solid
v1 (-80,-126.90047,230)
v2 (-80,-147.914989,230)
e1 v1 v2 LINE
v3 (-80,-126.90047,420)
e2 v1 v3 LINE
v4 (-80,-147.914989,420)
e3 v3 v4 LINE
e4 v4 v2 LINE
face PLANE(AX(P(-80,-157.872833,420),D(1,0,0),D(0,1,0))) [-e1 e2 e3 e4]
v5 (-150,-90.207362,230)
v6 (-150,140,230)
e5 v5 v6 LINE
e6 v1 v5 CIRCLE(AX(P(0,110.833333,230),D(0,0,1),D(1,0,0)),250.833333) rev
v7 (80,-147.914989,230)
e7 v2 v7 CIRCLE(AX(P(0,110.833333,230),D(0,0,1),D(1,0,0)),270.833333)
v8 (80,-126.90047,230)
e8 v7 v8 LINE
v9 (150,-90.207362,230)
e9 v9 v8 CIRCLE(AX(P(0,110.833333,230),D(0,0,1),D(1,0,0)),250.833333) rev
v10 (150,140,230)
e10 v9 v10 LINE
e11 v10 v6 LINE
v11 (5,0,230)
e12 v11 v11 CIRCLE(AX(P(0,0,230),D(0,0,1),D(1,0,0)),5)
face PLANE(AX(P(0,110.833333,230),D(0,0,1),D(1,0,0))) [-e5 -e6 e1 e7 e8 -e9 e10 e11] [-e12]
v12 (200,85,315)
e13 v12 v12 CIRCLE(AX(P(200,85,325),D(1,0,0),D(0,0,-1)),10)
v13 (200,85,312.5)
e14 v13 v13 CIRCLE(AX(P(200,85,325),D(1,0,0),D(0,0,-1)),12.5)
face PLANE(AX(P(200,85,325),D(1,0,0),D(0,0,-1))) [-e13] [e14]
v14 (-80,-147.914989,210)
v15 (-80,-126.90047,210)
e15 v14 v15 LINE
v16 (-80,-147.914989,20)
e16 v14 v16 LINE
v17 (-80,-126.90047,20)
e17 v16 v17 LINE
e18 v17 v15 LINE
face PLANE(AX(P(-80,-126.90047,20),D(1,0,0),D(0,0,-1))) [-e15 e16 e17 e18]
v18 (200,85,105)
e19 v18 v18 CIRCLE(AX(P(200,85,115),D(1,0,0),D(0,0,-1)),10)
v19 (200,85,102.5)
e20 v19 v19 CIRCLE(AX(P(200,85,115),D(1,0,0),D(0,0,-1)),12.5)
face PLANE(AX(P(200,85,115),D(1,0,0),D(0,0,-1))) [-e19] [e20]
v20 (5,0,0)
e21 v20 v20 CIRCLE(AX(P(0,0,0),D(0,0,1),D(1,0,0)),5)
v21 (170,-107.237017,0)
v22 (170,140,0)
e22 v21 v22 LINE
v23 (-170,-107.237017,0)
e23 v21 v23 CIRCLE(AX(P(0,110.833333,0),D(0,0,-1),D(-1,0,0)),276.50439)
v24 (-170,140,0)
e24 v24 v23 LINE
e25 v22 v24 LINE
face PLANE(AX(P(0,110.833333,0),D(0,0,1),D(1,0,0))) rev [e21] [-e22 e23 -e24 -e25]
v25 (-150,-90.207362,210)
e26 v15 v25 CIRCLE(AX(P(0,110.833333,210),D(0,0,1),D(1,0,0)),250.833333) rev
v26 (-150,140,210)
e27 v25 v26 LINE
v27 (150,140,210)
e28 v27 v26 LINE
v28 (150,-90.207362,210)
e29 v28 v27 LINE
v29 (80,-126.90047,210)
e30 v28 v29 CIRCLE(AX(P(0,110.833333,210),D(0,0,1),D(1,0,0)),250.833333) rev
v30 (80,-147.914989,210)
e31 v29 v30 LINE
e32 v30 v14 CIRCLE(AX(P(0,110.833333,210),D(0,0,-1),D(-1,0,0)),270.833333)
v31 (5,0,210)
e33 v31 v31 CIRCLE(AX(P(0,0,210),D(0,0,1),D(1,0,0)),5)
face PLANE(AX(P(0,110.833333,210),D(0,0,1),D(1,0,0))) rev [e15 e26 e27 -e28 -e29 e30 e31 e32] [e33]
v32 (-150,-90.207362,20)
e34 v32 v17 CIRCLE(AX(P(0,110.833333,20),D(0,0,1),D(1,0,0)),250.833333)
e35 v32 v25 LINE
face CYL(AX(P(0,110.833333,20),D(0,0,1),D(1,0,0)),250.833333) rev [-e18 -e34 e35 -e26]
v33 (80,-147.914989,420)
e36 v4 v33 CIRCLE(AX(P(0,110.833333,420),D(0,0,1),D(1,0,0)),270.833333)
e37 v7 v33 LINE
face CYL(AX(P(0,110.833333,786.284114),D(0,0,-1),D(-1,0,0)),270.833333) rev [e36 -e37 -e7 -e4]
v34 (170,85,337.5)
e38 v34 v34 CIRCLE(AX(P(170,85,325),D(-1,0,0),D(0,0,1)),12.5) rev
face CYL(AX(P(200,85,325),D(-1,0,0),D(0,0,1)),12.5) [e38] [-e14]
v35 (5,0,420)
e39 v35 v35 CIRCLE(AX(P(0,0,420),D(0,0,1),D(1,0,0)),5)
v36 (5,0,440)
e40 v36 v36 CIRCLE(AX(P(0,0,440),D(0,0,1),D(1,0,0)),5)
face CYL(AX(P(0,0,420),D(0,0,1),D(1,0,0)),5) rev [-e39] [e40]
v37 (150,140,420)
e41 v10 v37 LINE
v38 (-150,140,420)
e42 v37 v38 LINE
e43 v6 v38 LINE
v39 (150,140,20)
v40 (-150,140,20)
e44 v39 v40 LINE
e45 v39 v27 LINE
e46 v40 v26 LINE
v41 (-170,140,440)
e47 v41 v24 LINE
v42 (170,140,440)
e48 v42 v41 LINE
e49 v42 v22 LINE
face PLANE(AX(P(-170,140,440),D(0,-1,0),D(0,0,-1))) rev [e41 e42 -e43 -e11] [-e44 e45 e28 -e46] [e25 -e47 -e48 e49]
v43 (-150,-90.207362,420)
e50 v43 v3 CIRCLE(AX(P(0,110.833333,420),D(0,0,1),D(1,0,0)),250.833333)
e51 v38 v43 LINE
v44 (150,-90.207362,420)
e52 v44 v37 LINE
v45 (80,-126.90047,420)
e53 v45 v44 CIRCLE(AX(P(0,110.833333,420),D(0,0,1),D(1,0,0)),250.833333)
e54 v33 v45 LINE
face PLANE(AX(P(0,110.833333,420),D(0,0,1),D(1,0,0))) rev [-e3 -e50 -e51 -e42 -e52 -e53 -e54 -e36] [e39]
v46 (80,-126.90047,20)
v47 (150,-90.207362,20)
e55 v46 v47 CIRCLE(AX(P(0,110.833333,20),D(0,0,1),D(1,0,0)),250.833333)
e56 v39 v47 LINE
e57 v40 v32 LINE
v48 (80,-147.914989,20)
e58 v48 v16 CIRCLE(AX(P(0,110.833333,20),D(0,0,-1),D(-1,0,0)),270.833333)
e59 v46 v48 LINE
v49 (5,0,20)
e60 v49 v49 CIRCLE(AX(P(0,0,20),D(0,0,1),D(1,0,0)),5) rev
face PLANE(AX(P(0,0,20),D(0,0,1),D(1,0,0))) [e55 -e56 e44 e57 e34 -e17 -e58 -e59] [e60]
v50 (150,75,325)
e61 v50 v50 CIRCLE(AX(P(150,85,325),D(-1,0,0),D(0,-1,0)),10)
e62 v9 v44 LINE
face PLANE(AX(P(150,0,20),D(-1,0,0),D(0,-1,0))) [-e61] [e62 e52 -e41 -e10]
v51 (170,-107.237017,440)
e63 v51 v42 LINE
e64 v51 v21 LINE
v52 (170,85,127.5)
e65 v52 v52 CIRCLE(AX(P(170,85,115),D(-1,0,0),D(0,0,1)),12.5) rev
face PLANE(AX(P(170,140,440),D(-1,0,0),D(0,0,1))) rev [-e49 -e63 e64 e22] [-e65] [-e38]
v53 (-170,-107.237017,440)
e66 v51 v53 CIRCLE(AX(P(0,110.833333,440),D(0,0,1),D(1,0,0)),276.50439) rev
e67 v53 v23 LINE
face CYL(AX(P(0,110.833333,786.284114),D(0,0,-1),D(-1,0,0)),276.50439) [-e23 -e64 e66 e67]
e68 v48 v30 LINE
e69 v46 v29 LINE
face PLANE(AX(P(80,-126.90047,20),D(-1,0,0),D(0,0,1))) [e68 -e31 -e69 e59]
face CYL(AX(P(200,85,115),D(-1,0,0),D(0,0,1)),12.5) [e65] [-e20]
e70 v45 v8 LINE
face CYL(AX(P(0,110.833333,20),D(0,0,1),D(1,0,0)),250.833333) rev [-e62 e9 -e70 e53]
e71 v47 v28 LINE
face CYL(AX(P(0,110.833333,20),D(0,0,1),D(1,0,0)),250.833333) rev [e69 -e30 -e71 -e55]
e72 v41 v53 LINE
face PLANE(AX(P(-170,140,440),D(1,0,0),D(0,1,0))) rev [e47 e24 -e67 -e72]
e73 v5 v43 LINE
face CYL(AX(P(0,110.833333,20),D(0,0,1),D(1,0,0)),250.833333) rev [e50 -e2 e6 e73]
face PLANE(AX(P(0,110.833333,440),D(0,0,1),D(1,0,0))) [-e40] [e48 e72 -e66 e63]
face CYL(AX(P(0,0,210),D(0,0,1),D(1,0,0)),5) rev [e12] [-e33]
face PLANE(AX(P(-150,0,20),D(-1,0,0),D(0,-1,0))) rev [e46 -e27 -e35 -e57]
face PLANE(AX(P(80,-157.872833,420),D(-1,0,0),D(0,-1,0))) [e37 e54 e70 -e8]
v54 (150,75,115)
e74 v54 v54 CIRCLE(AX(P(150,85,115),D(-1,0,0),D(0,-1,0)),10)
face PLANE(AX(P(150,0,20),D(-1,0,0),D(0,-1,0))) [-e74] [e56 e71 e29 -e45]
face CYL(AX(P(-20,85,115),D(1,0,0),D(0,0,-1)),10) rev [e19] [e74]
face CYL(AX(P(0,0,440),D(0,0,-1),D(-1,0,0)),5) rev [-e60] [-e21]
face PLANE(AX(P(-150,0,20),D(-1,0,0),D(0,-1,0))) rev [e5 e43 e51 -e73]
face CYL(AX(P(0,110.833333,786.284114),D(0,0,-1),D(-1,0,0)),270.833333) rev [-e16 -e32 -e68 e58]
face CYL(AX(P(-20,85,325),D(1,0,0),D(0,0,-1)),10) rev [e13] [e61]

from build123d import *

# Parameters (mm, degrees)
SKETCH1_R           = 5
BOSS_EXTRUDE1_DEPTH = 440
CUT_EXTRUDE2_START  = -420
SKETCH2_R           = 5
CUT_EXTRUDE2_DEPTH  = 420
BOSS_EXTRUDE2_START = -20
SKETCH3_R           = 5
BOSS_EXTRUDE2_DEPTH = 20
BOSS_EXTRUDE3_START = -20
SKETCH4_R           = 5
BOSS_EXTRUDE3_DEPTH = 20
CUT_EXTRUDE3_DEPTH  = 190
CUT_EXTRUDE4_START  = 190
CUT_EXTRUDE4_DEPTH  = 190
SKETCH8_R           = 10
CUT_EXTRUDE5_DEPTH  = 190
BOSS_EXTRUDE4_START = 30
SKETCH9_R           = 12.5
SKETCH9_R_2         = 10
BOSS_EXTRUDE4_DEPTH = 30
BOSS_EXTRUDE5_DEPTH = 440


with BuildPart() as part:
    # Sketch1 → Boss-Extrude1 (new body)
    with BuildSketch(Plane.XY):
        with BuildLine():
            Line((-170, 140), (170, 140))
            Line((170, 140), (170, -100))
            ThreePointArc((170, -100), (0, -160), (-170, -100))
            Line((-170, -100), (-170, 140))
        make_face()
        Circle(SKETCH1_R, mode=Mode.SUBTRACT)
    extrude(amount=BOSS_EXTRUDE1_DEPTH)

    # Sketch2 → Cut-Extrude2 (cut)
    with BuildSketch(Plane.XY.offset(440).offset(CUT_EXTRUDE2_START)):
        with BuildLine():
            Line((150, 140), (-150, 140))
            Line((-150, 140), (-150, -90.207361828))
            ThreePointArc((-150, -90.207361828), (0, -140), (150, -90.207361828))
            Line((150, -90.207361828), (150, 140))
        make_face()
        Circle(SKETCH2_R, mode=Mode.SUBTRACT)
    extrude(amount=CUT_EXTRUDE2_DEPTH, mode=Mode.SUBTRACT)

    # Sketch3 → Boss-Extrude2 (add)
    with BuildSketch(Plane.XY.offset(440).offset(BOSS_EXTRUDE2_START)):
        with BuildLine():
            Line((-150, 140), (-150, -90.207361828))
            ThreePointArc((-150, -90.207361828), (0, -140), (150, -90.207361828))
            Line((150, -90.207361828), (150, 140))
            Line((150, 140), (-150, 140))
        make_face()
        Circle(SKETCH3_R, mode=Mode.SUBTRACT)
    extrude(amount=BOSS_EXTRUDE2_DEPTH)

    # Sketch4 → Boss-Extrude3 (add)
    with BuildSketch(Plane.XY.offset(230).offset(BOSS_EXTRUDE3_START)):
        with BuildLine():
            Line((-170, 140), (-170, -100))
            ThreePointArc((-170, -100), (0, -160), (170, -100))
            Line((170, -100), (170, 140))
            Line((170, 140), (-170, 140))
        make_face()
        Circle(SKETCH4_R, mode=Mode.SUBTRACT)
    extrude(amount=BOSS_EXTRUDE3_DEPTH)

    # Sketch6 → Cut-Extrude3 (cut)
    with BuildSketch(Plane.XY.offset(230)):
        with BuildLine():
            Line((-80, -157.872832651), (-80, -126.403399298))
            ThreePointArc((-80, -126.403399298), (0, -139.528938804), (80, -126.403399298))
            Line((80, -126.403399298), (80, -157.872832651))
            ThreePointArc((80, -157.872832651), (0, -169.528938804), (-80, -157.872832651))
        make_face()
    extrude(amount=CUT_EXTRUDE3_DEPTH, mode=Mode.SUBTRACT)

    # Sketch7 → Cut-Extrude4 (cut)
    with BuildSketch(Plane(origin=(0, 0, 210), x_dir=(-1, 0, 0), z_dir=(0, 0, -1)).offset(CUT_EXTRUDE4_START)):
        with BuildLine():
            Line((-80, -126.900469714), (-80, -160.673360289))
            ThreePointArc((-80, -160.673360289), (0, -172.214162118), (80, -160.673360289))
            Line((80, -160.673360289), (80, -126.900469714))
            ThreePointArc((80, -126.900469714), (0, -140), (-80, -126.900469714))
        make_face()
    extrude(amount=-CUT_EXTRUDE4_DEPTH, mode=Mode.SUBTRACT)

    # Sketch8 → Cut-Extrude5 (cut)
    with BuildSketch(Plane(origin=(170, 0, 0), x_dir=(0, 0, -1), z_dir=(1, 0, 0))):
        with Locations((-325, 85)):
            Circle(SKETCH8_R)
        with Locations((-115, 85)):
            Circle(SKETCH8_R)
    extrude(amount=-CUT_EXTRUDE5_DEPTH, mode=Mode.SUBTRACT)

    # Sketch9 → Boss-Extrude4 (add)
    # profile 1 of 2: a face of its own
    with BuildSketch(Plane(origin=(170, 0, 0), x_dir=(0, 0, -1), z_dir=(1, 0, 0)).offset(BOSS_EXTRUDE4_START)):
        with Locations(Location((-325, 85, 0), (0, 0, 180))):
            Circle(SKETCH9_R)
        with Locations((-325, 85)):
            Circle(SKETCH9_R_2, mode=Mode.SUBTRACT)
    # profile 2 of 2: a face of its own
    with BuildSketch(Plane(origin=(170, 0, 0), x_dir=(0, 0, -1), z_dir=(1, 0, 0)).offset(BOSS_EXTRUDE4_START)):
        with Locations(Location((-115, 85, 0), (0, 0, 180))):
            Circle(SKETCH9_R)
        with Locations((-115, 85)):
            Circle(SKETCH9_R_2, mode=Mode.SUBTRACT)
    extrude(amount=-BOSS_EXTRUDE4_DEPTH)

    # Sketch10 → Boss-Extrude5 (add)
    with BuildSketch(Plane(origin=(0, 0, 0), x_dir=(-1, 0, 0), z_dir=(0, 0, -1))):
        with BuildLine():
            Line((-170, -100), (-170, -107.237017076))
            ThreePointArc((-170, -107.237017076), (0, -165.671056736), (170, -107.237017076))
            Line((170, -107.237017076), (170, -100))
            ThreePointArc((170, -100), (0, -160), (-170, -100))
        make_face()
    extrude(amount=-BOSS_EXTRUDE5_DEPTH)


solid = part.part
